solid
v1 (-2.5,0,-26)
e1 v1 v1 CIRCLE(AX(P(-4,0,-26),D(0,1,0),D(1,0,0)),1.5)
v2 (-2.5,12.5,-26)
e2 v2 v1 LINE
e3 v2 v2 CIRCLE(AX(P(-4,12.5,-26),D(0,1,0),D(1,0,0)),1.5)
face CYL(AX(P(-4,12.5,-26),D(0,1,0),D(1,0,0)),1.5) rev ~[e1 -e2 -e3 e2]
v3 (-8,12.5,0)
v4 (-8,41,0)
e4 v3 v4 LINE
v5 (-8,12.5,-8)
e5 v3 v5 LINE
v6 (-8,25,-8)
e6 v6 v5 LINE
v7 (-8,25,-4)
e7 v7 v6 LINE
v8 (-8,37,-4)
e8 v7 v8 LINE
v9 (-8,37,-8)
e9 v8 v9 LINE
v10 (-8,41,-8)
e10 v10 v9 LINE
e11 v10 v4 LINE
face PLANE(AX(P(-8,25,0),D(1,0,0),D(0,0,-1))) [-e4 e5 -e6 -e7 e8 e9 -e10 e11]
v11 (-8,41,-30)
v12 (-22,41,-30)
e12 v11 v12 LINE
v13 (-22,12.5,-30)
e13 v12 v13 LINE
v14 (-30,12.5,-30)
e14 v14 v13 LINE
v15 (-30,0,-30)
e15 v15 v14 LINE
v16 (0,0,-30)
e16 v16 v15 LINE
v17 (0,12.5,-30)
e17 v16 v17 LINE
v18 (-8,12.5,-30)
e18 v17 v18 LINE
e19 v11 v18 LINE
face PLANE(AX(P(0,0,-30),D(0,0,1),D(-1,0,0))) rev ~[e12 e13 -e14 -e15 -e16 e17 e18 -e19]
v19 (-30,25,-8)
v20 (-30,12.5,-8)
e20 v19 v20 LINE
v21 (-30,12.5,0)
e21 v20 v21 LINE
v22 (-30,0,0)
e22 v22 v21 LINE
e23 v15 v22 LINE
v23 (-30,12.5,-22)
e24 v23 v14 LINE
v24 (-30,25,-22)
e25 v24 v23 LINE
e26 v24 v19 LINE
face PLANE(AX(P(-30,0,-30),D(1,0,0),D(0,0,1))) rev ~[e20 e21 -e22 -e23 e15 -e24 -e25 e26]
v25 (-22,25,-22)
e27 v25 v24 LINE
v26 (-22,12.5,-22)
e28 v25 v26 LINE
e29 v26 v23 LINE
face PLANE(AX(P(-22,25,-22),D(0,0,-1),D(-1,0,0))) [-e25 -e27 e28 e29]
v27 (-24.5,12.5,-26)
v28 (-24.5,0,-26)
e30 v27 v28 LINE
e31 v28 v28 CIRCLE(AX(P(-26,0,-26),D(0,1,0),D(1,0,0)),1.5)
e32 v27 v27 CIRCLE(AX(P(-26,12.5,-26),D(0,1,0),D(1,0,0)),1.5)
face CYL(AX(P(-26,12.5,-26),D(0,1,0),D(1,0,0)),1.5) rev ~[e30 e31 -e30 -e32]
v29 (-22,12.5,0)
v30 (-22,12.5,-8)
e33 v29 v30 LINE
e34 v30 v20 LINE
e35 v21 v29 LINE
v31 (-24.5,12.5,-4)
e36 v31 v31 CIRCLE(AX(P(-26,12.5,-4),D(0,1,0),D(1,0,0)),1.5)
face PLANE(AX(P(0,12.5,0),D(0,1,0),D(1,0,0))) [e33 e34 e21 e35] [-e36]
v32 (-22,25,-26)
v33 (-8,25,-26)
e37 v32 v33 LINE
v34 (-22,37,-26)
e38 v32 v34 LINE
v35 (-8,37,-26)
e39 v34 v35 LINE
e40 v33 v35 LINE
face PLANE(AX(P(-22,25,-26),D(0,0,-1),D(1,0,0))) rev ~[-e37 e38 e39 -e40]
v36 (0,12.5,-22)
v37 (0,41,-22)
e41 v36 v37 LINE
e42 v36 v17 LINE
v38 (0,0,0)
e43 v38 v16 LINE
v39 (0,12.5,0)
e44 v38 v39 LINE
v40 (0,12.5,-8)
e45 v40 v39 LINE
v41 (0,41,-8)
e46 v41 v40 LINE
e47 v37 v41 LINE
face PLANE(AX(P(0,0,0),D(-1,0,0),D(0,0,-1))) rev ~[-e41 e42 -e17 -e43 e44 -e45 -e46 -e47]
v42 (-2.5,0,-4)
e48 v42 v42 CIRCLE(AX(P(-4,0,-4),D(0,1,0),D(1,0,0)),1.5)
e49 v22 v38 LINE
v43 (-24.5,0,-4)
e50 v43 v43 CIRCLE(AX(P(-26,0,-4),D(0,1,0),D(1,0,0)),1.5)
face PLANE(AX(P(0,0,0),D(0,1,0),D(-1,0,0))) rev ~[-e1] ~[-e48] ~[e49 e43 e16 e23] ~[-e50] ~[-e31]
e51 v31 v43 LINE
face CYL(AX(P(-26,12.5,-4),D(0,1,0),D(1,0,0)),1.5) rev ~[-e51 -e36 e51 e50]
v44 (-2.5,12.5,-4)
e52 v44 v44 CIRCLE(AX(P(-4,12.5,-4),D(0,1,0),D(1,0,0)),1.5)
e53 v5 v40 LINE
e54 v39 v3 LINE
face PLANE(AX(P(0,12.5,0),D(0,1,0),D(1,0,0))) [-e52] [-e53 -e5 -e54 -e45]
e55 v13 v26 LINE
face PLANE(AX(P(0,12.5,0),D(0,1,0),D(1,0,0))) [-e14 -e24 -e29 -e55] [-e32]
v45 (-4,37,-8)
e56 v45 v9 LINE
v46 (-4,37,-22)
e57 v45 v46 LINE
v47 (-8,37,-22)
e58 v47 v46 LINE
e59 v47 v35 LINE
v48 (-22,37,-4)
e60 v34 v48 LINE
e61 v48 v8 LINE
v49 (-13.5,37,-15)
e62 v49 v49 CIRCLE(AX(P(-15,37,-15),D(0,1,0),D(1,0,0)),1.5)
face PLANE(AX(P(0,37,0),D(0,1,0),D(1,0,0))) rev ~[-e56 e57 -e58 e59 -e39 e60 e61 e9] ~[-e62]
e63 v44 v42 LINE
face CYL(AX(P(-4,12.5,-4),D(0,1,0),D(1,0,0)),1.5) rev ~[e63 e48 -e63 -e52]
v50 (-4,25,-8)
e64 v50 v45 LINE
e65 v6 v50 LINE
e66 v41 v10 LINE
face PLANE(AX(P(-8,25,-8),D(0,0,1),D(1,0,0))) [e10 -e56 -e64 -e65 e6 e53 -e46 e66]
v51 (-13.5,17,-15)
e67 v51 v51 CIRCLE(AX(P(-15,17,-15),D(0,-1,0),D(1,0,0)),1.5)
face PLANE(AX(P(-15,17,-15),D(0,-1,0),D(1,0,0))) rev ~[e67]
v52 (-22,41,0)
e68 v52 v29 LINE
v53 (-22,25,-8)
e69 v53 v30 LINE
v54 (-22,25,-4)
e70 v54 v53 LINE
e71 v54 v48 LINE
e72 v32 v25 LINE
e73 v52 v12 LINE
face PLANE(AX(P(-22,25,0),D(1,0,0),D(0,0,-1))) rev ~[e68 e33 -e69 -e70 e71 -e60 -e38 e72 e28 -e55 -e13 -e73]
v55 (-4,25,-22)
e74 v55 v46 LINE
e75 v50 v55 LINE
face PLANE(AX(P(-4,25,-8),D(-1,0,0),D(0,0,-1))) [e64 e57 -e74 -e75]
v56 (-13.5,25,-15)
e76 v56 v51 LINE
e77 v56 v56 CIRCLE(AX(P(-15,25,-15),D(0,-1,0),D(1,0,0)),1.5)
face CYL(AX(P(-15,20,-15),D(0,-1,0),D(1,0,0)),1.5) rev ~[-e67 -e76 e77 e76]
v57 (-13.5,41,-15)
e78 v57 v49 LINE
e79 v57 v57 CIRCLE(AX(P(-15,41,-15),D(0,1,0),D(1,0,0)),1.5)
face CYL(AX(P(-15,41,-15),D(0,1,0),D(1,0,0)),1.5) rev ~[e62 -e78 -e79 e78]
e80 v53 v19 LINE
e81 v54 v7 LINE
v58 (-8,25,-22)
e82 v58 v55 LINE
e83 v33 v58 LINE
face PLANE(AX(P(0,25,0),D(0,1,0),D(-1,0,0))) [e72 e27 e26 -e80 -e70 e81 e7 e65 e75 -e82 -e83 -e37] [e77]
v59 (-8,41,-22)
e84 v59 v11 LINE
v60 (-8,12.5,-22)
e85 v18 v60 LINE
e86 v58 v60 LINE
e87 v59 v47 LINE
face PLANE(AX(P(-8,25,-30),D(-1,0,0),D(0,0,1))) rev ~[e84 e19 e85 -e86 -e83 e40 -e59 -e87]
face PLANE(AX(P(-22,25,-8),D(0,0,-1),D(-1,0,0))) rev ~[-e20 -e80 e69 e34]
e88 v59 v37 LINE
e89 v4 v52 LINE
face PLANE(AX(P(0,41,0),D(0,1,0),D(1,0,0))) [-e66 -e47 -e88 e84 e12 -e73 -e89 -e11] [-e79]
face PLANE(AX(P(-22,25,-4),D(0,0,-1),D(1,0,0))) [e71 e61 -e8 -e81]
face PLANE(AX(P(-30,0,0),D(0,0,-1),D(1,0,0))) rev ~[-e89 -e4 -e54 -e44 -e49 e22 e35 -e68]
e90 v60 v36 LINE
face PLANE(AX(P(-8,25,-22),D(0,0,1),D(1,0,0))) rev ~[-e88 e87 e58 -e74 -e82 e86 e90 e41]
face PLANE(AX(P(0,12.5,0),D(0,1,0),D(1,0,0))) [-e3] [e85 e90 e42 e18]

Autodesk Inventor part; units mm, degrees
ref_plane "YZ Plane" through (0, 0, 0) normal (1, 0, 0) x (0, 1, 0)
ref_plane "XZ Plane" through (0, 0, 0) normal (0, 1, 0) x (-1, 0, 0)
ref_plane "XY Plane" through (0, 0, 0) normal (0, 0, 1) x (1, 0, 0)
sketch "Sketch1" plane through (0, 0, 0) normal (0, 1, 0) x (-1, 0, 0)
  line L0 (0, 0) -> (0, -30)
  line L1 (0, -30) -> (30, -30)
  line L2 (30, -30) -> (30, 0)
  line L3 (30, 0) -> (0, 0)
  point P0 (0, -15)
  point P1 (15, 0)
  dimension "d0" = 30
  dimension "d1" = 30
extrude "Extrusion2" add sketch "Sketch1" along normal blind 25
sketch "Sketch5" plane through (0, 25, 0) normal (0, 1, 0) x (1, 0, 0)
  line L0 (0, 0) -> (-8, 0)
  line L1 (-8, 0) -> (-8, 8)
  line L2 (-8, 8) -> (0, 8)
  line L3 (0, 8) -> (0, 0)
  line L4 (0, 30) -> (-8, 30)
  line L5 (-8, 30) -> (-8, 22)
  line L6 (-8, 22) -> (0, 22)
  line L7 (0, 22) -> (0, 30)
  line L8 (-30, 30) -> (-22, 30)
  line L9 (-22, 30) -> (-22, 22)
  line L10 (-22, 22) -> (-30, 22)
  line L11 (-30, 22) -> (-30, 30)
  line L12 (-30, 0) -> (-22, 0)
  line L13 (-22, 0) -> (-22, 8)
  line L14 (-22, 8) -> (-30, 8)
  line L15 (-30, 8) -> (-30, 0)
  dimension "d22" = 8
  dimension "d23" = 8
  dimension "d24" = 8
  dimension "d25" = 8
  dimension "d26" = 8
  dimension "d27" = 8
  dimension "d28" = 8
  dimension "d29" = 8
extrude "Extrusion6" cut sketch "Sketch5" against normal blind 12.5
sketch "Sketch6" plane through (0, 12.5, 0) normal (0, 1, 0) x (1, 0, 0)
  circle A0 centre (-4, 4) radius 1.5
  circle A1 centre (-26, 4) radius 1.5
  circle A2 centre (-4, 26) radius 1.5
  circle A3 centre (-26, 26) radius 1.5
  point P0 (0, 0)
  dimension "d32" = 3
  dimension "d33" = 3
  dimension "d34" = 3
  dimension "d35" = 3
extrude "Extrusion7" cut sketch "Sketch6" against normal up to next
sketch "Sketch7" plane through (0, 0, 0) normal (0, -1, 0) x (1, 0, 0)
  circle A0 centre (-15, -15) radius 4
  point P0 (0, 0)
  dimension "d38" = 8
ref_plane "Work Plane1" through (-15, 20, -15) normal (0, -1, 0) x (1, 0, 0)
sketch "Sketch8" plane through (-15, 20, -15) normal (0, -1, 0) x (1, 0, 0)
  circle A0 centre (0, 0) radius 1.5
  point P0 (15, 15)
  dimension "d41" = 3
extrude "Extrusion9" cut sketch "Sketch8" against normal blind 5 and the other way blind 3
sketch "Sketch9" plane through (0, 25, 0) normal (0, 1, 0) x (1, 0, 0)
  line L0 (0, 22) -> (-8, 22)
  line L1 (-8, 22) -> (-8, 30) projected
  line L2 (-8, 22) -> (-8, 30)
  line L3 (0, 22) -> (0, 8)
  line L4 (0, 8) -> (0, 22) projected
  line L5 (0, 8) -> (-4, 8)
  line L6 (-8, 8) -> (0, 8) projected
  line L7 (-4, 8) -> (-4, 22)
  line L8 (0, 22) -> (-8, 22) projected
  line L9 (-8, 30) -> (-22, 30)
  line L10 (0, 30) -> (-30, 30) projected
  line L11 (-22, 30) -> (-22, 26)
  line L12 (-22, 30) -> (-22, 22) projected
  line L13 (-22, 26) -> (-8, 26)
  line L14 (-8, 0) -> (-22, 0)
  line L15 (-30, 0) -> (0, 0) projected
  line L16 (-22, 0) -> (-22, 4)
  line L17 (-22, 8) -> (-22, 0) projected
  line L18 (-22, 4) -> (-8, 4)
  line L19 (-8, 0) -> (-8, 8) projected
  line L20 (-8, 4) -> (-8, 0)
  dimension "d46" = 4
  dimension "d47" = 14
extrude "Extrusion10" add sketch "Sketch9" along normal blind 16
sketch "Sketch12" plane through (0, 41, 0) normal (0, 1, 0) x (1, 0, 0)
  line L0 (-8, 0) -> (-8, 30)
  line L1 (-8, 30) -> (-22, 30)
  line L2 (-22, 30) -> (-22, 0)
  line L3 (-22, 8) -> (-22, 0) projected
  line L4 (-22, 0) -> (-8, 0)
  line L5 (0, 8) -> (-8, 8)
  line L6 (-8, 8) -> (-8, 22)
  line L7 (-8, 22) -> (-8, 30) projected
  line L8 (-8, 22) -> (0, 22)
  line L9 (0, 22) -> (0, 8)
  circle A0 centre (-15, 15) radius 1.5
  point P0 (0, 0)
  point P1 (-22, 15)
  point P2 (-15, 0)
  dimension "d52" = 3
extrude "Extrusion12" add sketch "Sketch12" against normal blind 4
properties part number "dop_krepl_k_sponke_ne_motora"
